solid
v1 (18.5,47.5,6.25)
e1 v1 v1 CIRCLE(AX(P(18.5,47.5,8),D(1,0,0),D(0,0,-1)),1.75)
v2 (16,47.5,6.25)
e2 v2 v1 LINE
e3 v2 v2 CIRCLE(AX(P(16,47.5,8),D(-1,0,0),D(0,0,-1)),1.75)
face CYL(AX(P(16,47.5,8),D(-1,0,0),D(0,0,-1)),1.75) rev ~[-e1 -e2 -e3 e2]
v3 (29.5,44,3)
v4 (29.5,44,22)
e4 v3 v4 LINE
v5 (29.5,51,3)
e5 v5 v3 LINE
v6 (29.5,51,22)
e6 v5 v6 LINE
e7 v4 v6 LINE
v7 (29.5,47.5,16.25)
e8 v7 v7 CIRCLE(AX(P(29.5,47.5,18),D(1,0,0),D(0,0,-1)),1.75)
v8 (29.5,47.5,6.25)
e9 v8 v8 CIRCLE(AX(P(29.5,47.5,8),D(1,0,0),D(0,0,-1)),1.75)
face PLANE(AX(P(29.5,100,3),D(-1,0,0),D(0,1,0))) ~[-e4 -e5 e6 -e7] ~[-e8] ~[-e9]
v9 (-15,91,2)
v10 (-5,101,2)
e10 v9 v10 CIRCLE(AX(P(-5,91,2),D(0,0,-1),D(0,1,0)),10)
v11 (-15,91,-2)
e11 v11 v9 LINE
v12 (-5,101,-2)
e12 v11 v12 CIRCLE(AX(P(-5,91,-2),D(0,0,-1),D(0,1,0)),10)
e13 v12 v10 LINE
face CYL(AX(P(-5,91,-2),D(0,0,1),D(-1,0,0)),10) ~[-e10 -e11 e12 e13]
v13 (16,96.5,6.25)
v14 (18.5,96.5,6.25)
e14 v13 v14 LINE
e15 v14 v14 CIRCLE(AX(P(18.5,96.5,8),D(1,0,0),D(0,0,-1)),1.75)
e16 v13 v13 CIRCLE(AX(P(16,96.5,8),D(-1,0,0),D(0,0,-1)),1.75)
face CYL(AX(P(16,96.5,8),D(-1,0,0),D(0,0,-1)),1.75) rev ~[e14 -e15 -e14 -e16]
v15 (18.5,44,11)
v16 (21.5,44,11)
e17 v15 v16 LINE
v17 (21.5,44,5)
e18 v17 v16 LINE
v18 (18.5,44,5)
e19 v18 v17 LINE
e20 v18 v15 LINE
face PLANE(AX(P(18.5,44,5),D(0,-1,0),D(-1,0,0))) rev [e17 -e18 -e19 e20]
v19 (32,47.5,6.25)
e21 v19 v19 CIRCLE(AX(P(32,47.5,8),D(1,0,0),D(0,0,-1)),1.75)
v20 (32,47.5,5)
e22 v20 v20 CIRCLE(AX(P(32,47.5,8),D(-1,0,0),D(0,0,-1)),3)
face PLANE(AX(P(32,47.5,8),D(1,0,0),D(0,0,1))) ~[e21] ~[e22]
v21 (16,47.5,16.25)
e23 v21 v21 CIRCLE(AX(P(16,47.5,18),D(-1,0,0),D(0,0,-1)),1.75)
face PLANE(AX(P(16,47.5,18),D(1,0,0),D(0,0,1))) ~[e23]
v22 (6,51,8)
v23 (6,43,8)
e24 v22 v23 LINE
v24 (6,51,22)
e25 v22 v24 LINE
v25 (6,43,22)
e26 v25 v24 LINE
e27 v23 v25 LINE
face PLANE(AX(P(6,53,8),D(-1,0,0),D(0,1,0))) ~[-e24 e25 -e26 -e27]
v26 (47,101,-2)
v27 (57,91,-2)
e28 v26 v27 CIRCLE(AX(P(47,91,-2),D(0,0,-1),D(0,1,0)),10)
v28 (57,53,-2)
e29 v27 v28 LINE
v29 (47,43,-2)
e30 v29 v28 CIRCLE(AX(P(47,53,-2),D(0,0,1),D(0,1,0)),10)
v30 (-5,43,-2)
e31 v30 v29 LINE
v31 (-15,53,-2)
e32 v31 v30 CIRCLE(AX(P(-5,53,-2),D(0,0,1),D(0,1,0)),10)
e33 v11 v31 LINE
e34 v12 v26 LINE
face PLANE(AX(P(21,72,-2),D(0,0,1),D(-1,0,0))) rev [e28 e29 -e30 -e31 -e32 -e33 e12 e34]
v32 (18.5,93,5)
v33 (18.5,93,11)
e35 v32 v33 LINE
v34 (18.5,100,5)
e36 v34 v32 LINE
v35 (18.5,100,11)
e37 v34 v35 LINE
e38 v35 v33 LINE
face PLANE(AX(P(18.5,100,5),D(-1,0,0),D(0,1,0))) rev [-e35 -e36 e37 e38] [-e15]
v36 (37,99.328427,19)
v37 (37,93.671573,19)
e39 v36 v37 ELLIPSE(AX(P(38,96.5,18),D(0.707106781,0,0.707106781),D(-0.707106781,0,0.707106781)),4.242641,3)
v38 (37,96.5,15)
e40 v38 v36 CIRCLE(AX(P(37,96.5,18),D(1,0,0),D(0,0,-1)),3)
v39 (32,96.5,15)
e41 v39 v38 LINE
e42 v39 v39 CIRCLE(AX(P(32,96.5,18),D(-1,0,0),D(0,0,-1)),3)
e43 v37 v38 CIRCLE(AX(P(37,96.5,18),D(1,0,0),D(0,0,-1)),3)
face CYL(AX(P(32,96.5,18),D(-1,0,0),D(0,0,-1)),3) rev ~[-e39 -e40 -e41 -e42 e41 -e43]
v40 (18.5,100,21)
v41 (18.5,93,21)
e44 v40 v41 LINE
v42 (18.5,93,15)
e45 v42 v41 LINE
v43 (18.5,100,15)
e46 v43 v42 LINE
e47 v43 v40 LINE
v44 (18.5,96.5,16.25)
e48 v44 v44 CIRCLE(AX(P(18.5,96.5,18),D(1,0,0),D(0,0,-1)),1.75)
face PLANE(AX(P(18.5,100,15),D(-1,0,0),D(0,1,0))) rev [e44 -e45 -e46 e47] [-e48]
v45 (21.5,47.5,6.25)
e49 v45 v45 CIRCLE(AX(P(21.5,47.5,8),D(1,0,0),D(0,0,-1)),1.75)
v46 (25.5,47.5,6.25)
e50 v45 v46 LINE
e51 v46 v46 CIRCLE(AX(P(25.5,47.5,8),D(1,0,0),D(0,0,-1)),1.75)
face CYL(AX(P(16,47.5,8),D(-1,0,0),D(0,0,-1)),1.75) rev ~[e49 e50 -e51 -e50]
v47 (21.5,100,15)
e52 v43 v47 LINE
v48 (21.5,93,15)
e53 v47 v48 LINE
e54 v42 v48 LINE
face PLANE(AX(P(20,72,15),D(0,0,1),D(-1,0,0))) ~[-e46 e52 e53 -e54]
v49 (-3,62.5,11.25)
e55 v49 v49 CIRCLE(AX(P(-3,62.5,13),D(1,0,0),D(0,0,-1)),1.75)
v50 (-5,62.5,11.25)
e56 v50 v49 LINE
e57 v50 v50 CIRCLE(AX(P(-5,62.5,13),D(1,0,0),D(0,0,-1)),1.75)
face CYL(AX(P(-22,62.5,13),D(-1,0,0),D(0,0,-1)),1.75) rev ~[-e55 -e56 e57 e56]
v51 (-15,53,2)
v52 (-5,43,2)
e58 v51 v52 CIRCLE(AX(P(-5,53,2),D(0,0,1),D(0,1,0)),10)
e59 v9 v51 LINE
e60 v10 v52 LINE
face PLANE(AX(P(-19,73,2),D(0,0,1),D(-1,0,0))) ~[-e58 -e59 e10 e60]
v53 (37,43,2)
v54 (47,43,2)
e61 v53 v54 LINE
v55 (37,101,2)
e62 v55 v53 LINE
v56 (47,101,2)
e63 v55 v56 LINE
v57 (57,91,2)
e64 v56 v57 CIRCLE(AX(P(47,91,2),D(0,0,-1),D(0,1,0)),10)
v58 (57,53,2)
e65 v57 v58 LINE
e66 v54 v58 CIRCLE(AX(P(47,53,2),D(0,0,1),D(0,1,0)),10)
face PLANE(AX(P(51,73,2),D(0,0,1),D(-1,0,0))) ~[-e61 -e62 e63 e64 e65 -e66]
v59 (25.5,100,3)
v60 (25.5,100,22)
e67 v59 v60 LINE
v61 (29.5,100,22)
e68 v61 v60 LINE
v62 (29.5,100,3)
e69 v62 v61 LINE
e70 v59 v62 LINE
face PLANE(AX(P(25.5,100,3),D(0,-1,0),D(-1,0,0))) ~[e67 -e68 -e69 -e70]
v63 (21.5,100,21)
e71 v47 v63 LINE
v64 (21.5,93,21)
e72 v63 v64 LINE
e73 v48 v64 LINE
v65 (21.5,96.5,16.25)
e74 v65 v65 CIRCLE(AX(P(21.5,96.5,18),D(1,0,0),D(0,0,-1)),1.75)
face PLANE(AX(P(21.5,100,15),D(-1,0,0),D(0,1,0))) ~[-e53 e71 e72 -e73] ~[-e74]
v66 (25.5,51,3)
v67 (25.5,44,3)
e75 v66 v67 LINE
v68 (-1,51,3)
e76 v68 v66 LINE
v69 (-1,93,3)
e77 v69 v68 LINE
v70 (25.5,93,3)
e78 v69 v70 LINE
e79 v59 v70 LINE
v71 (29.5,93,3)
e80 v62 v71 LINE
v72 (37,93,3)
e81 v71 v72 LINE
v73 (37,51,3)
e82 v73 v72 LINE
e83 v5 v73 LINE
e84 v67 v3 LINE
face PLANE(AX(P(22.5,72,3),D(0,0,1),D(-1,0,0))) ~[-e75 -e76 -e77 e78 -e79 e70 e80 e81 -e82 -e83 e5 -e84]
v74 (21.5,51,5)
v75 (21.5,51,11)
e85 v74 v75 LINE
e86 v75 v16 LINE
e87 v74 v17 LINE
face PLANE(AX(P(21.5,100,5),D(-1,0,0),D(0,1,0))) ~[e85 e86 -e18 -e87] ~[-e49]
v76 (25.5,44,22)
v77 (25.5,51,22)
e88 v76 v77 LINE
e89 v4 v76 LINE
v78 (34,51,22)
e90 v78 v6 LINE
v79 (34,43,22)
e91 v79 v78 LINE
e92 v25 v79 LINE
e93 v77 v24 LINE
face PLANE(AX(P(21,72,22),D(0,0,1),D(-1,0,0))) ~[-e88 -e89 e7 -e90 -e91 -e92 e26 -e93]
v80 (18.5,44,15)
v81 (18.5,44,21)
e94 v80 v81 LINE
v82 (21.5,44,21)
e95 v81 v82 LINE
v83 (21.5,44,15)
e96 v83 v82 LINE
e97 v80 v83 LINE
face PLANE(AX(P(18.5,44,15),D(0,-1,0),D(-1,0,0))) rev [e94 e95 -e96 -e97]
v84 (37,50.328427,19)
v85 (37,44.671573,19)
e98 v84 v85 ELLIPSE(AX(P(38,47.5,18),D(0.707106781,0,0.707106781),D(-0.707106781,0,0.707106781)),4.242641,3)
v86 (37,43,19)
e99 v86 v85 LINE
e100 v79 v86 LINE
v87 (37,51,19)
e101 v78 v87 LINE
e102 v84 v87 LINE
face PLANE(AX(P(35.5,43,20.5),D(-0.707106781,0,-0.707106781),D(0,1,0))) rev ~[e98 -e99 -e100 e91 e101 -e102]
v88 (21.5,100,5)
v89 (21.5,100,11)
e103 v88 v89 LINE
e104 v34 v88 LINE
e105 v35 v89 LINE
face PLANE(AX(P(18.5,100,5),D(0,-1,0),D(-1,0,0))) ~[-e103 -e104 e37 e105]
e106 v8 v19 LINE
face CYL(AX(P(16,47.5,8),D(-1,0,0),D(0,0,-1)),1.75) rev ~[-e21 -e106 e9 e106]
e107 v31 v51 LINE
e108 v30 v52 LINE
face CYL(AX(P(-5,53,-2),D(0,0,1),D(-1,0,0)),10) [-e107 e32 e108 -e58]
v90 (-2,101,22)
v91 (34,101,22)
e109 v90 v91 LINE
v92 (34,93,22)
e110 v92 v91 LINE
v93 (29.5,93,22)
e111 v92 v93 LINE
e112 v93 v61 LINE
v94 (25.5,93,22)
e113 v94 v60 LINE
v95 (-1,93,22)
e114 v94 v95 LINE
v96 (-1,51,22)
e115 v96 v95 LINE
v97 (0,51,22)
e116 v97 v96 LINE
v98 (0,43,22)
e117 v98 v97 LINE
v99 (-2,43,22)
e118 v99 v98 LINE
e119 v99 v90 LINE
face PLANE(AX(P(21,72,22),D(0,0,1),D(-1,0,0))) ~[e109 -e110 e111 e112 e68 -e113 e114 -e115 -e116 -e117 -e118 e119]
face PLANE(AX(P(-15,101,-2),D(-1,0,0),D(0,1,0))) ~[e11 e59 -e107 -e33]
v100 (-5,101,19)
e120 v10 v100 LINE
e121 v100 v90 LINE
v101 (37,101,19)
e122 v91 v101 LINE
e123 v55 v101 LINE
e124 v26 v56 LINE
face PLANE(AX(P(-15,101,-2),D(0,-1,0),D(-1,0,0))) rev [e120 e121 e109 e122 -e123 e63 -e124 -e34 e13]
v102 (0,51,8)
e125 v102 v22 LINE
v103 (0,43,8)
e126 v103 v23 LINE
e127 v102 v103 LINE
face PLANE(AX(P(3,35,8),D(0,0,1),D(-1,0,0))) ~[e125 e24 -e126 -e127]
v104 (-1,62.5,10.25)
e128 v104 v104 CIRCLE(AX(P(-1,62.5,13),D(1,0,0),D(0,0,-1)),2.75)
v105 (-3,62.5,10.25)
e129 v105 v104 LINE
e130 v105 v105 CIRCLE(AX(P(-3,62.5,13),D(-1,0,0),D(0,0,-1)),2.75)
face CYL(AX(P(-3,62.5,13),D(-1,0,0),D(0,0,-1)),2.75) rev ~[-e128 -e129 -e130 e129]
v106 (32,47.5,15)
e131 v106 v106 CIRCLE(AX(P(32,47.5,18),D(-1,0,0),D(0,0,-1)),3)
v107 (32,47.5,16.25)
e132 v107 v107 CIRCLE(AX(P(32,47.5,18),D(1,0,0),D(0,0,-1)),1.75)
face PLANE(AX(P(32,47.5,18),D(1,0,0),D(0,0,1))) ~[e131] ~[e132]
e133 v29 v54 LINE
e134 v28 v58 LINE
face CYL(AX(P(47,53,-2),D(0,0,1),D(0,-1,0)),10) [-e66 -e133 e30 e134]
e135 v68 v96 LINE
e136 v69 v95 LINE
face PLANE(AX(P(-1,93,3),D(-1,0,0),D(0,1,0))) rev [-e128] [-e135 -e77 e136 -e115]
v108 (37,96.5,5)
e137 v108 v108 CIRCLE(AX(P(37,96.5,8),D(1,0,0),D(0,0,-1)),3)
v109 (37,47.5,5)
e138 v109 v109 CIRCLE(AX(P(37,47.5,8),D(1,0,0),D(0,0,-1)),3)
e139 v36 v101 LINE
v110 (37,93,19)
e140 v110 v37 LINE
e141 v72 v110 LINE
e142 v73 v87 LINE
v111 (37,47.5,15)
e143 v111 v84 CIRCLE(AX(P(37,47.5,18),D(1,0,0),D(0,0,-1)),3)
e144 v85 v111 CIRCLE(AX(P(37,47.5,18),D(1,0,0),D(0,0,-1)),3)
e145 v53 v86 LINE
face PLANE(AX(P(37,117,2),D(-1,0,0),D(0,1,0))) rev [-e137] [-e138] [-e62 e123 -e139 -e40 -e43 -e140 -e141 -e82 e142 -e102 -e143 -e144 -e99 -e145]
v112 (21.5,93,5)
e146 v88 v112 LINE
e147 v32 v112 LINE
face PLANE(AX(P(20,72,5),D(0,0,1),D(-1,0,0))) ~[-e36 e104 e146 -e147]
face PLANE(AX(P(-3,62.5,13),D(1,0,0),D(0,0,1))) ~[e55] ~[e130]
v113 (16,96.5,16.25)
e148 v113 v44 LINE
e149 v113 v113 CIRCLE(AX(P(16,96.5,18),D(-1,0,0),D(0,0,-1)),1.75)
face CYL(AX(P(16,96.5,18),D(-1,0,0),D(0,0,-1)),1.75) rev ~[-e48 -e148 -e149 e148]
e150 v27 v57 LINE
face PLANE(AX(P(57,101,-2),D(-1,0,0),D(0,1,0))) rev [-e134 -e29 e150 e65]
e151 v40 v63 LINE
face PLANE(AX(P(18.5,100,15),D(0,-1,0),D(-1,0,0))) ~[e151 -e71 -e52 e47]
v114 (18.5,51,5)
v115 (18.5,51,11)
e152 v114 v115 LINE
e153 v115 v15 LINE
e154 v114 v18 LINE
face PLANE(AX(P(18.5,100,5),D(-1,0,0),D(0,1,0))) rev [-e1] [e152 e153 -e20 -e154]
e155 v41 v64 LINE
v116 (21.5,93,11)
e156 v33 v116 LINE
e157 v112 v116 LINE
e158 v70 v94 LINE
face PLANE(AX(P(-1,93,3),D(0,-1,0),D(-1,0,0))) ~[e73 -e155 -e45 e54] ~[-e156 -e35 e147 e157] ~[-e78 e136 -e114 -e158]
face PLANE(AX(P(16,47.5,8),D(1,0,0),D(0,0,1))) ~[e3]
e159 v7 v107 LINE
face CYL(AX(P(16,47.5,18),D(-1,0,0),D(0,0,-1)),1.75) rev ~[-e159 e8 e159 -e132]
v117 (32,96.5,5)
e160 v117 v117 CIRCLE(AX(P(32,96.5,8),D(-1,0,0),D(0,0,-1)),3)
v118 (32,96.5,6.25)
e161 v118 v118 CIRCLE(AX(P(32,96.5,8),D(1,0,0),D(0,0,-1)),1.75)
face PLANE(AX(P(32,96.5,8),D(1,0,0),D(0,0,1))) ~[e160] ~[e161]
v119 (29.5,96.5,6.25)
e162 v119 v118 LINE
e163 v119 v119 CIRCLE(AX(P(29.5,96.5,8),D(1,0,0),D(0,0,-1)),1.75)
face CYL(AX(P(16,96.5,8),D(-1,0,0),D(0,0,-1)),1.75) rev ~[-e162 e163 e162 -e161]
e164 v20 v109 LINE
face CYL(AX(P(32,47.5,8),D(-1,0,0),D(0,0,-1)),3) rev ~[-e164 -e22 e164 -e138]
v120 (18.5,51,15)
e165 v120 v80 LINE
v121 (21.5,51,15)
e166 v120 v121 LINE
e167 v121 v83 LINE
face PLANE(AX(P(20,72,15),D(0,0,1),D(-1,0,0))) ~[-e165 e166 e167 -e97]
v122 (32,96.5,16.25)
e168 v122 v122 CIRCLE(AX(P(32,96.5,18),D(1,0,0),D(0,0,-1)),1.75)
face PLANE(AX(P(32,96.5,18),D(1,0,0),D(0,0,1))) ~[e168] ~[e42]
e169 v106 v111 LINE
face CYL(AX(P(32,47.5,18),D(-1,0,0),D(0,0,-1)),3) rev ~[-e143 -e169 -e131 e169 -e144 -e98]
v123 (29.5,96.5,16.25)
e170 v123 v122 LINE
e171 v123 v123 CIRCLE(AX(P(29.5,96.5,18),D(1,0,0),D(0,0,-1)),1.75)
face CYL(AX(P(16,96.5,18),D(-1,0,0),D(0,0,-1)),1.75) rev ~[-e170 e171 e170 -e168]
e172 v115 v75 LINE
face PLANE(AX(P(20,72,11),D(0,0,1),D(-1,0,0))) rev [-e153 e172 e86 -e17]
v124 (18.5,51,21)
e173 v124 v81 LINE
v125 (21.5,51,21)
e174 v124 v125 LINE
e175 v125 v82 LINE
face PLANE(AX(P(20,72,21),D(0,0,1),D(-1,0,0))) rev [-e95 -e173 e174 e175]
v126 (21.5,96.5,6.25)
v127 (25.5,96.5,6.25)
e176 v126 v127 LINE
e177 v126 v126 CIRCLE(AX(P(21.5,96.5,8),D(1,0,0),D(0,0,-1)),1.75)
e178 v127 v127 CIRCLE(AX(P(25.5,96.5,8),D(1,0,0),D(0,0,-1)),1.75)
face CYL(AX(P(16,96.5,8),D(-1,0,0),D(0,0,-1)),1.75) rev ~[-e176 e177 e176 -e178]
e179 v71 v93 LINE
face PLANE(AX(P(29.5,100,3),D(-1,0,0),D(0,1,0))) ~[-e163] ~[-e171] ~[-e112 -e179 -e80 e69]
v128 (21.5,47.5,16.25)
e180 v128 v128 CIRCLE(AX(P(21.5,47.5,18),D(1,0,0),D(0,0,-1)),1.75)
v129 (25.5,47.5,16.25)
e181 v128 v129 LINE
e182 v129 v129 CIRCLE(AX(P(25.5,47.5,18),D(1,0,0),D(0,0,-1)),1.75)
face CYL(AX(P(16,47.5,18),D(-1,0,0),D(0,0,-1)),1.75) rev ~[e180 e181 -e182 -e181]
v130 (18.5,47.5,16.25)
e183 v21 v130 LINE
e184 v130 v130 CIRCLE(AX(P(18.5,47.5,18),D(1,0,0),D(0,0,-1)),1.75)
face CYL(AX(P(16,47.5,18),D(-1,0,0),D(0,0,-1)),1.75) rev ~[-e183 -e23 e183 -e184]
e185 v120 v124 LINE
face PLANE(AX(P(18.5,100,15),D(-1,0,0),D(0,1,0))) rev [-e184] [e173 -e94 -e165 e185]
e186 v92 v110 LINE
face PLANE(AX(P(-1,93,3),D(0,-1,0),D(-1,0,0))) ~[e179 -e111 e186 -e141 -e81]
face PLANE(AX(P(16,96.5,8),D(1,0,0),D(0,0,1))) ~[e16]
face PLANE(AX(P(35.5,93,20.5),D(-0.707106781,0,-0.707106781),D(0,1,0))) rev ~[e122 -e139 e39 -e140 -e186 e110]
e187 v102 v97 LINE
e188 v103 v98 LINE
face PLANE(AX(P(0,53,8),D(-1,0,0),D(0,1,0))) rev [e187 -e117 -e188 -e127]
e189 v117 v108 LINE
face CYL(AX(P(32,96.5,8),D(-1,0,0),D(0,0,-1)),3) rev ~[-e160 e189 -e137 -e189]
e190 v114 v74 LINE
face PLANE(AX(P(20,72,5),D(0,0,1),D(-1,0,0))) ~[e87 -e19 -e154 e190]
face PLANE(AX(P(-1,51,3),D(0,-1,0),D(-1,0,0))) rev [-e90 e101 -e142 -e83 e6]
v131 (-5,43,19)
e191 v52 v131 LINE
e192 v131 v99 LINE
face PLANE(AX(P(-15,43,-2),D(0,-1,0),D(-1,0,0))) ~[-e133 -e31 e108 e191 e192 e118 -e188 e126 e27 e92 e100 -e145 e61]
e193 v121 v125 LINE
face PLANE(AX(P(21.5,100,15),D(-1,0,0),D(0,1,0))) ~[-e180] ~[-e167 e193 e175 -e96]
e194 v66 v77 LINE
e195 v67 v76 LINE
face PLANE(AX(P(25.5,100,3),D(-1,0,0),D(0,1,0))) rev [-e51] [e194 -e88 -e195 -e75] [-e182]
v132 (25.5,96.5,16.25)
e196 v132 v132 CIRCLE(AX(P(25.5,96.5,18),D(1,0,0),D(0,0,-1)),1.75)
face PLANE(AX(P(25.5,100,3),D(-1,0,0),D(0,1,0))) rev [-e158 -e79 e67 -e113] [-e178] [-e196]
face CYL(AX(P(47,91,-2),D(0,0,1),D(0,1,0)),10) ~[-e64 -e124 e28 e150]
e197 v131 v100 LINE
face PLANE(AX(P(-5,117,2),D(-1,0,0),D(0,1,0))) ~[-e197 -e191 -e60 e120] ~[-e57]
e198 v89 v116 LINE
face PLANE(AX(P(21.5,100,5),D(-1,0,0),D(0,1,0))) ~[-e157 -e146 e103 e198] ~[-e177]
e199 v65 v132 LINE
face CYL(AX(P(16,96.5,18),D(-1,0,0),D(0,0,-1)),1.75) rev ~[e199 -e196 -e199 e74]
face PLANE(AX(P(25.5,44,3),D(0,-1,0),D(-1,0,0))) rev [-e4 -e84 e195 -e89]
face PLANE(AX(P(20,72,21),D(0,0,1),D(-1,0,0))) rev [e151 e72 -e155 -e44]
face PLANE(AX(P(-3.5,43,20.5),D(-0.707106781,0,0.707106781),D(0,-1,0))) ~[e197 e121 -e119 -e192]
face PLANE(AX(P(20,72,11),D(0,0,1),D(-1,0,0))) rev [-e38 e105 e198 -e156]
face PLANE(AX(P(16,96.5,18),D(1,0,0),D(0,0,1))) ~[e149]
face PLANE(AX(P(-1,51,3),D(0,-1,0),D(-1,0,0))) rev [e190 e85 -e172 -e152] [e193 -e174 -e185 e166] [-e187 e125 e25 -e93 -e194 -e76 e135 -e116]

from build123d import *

# Parameters (mm, degrees)
BOX024_W                = 6
BOX024_H                = 36
BOX024_DEPTH            = 23
CYLINDER011_R           = 2.75
CYLINDER011_DEPTH       = 74.5
CYLINDER011_PITCH_ANGLE = 90
CYLINDER008_R           = 1.75
CYLINDER008_DEPTH       = 21.5
CYLINDER008_PITCH_ANGLE = 90
CYLINDER009_R           = 3
CYLINDER009_DEPTH       = 21.5
CYLINDER009_PITCH_ANGLE = 90
BOX007_W                = 3
BOX007_H                = 56
BOX007_DEPTH            = 6
BOX008_W                = 3
BOX008_H                = 56
BOX008_DEPTH            = 6
BOX006_W                = 4
BOX006_H                = 56
BOX006_DEPTH            = 21
CYLINDER003_R           = 1.75
CYLINDER003_DEPTH       = 74.5
CYLINDER003_PITCH_ANGLE = 90
BOX003_W                = 28
BOX003_H                = 88
BOX003_DEPTH            = 38
BOX002_W                = 28
BOX002_H                = 88
BOX002_DEPTH            = 38
BOX001_W                = 47
BOX001_H                = 42
BOX001_DEPTH            = 25
BOX_W                   = 72
BOX_H                   = 58
BOX_DEPTH               = 24
FILLET_R                = 10
CHAMFER_SIZE            = 3


with BuildPart() as cube024:
    # Box024 → Box024 (new body)
    with BuildSketch(Plane(origin=(0, 19, 7), x_dir=(1, 0, 0), z_dir=(0, 0, 1))):
        with Locations((3, 18)):
            Rectangle(BOX024_W, BOX024_H)
    extrude(amount=BOX024_DEPTH)


with BuildPart() as joint_d013:
    # Cylinder011 → Cylinder011 (new body)
    with BuildSketch(Plane.XY):
        Circle(CYLINDER011_R)
    extrude(amount=CYLINDER011_DEPTH)


with BuildPart() as joint_d013_1:
    # Cylinder011 pitch: moved
    add(joint_d013.part.rotate(Axis((0, 0, 0), (0, 1, 0)), CYLINDER011_PITCH_ANGLE))


with BuildPart() as joint_d013_2:
    # Cylinder011 placement: moved
    add(joint_d013_1.part.moved(Location((-3, 9.5, 12))))


with BuildPart() as joint_d010:
    # Cylinder008 → Cylinder008 (new body)
    with BuildSketch(Plane.XY):
        Circle(CYLINDER008_R)
    extrude(amount=CYLINDER008_DEPTH)


with BuildPart() as joint_d010_1:
    # Cylinder008 pitch: moved
    add(joint_d010.part.rotate(Axis((0, 0, 0), (0, 1, 0)), CYLINDER008_PITCH_ANGLE))


with BuildPart() as joint_d010_2:
    # Cylinder008 placement: moved
    add(joint_d010_1.part.moved(Location((16, -24.5, 7))))


with BuildPart() as joint_d011:
    # Cylinder009 → Cylinder009 (new body)
    with BuildSketch(Plane.XY):
        Circle(CYLINDER009_R)
    extrude(amount=CYLINDER009_DEPTH)


with BuildPart() as joint_d011_1:
    # Cylinder009 pitch: moved
    add(joint_d011.part.rotate(Axis((0, 0, 0), (0, 1, 0)), CYLINDER009_PITCH_ANGLE))


with BuildPart() as joint_d011_2:
    # Cylinder009 placement: moved
    add(joint_d011_1.part.moved(Location((32, -24.5, 7))))


with BuildPart() as fusion001:
    # Fusion001 base: copy of Joint-D011
    add(joint_d011_2.part)

    # Fusion001: union Joint-D010
    add(joint_d010_2.part)


with BuildPart() as fusion002:
    # Fusion002 base: copy of Joint-D011
    add(joint_d011_2.part)

    # Fusion002: union Joint-D010
    add(joint_d010_2.part)


with BuildPart() as fusion002_1:
    # Fusion002 placement: moved
    add(fusion002.part.moved(Location((0, 0, 10))))


with BuildPart() as fusion003:
    # Fusion003 base: copy of Joint-D011
    add(joint_d011_2.part)

    # Fusion003: union Joint-D010
    add(joint_d010_2.part)


with BuildPart() as fusion003_1:
    # Fusion003 placement: moved
    add(fusion003.part.moved(Location((0, 49, 0))))


with BuildPart() as fusion004:
    # Fusion004 base: copy of Joint-D011
    add(joint_d011_2.part)

    # Fusion004: union Joint-D010
    add(joint_d010_2.part)


with BuildPart() as fusion004_1:
    # Fusion004 placement: moved
    add(fusion004.part.moved(Location((0, 49, 10))))


with BuildPart() as cube007:
    # Box007 → Box007 (new body)
    with BuildSketch(Plane(origin=(18.5, -28, 4), x_dir=(1, 0, 0), z_dir=(0, 0, 1))):
        with Locations((1.5, 28)):
            Rectangle(BOX007_W, BOX007_H)
    extrude(amount=BOX007_DEPTH)


with BuildPart() as cube008:
    # Box008 → Box008 (new body)
    with BuildSketch(Plane(origin=(18.5, -28, 14), x_dir=(1, 0, 0), z_dir=(0, 0, 1))):
        with Locations((1.5, 28)):
            Rectangle(BOX008_W, BOX008_H)
    extrude(amount=BOX008_DEPTH)


with BuildPart() as cube006:
    # Box006 → Box006 (new body)
    with BuildSketch(Plane(origin=(25.5, -28, 2), x_dir=(1, 0, 0), z_dir=(0, 0, 1))):
        with Locations((2, 28)):
            Rectangle(BOX006_W, BOX006_H)
    extrude(amount=BOX006_DEPTH)


with BuildPart() as joint_d005:
    # Cylinder003 → Cylinder003 (new body)
    with BuildSketch(Plane.XY):
        Circle(CYLINDER003_R)
    extrude(amount=CYLINDER003_DEPTH)


with BuildPart() as joint_d005_1:
    # Cylinder003 pitch: moved
    add(joint_d005.part.rotate(Axis((0, 0, 0), (0, 1, 0)), CYLINDER003_PITCH_ANGLE))


with BuildPart() as joint_d005_2:
    # Cylinder003 placement: moved
    add(joint_d005_1.part.moved(Location((-22, 9.5, 12))))


with BuildPart() as cube003:
    # Box003 → Box003 (new body)
    with BuildSketch(Plane(origin=(-33, -45, 1), x_dir=(1, 0, 0), z_dir=(0, 0, 1))):
        with Locations((14, 44)):
            Rectangle(BOX003_W, BOX003_H)
    extrude(amount=BOX003_DEPTH)


with BuildPart() as cube002:
    # Box002 → Box002 (new body)
    with BuildSketch(Plane(origin=(37, -45, 1), x_dir=(1, 0, 0), z_dir=(0, 0, 1))):
        with Locations((14, 44)):
            Rectangle(BOX002_W, BOX002_H)
    extrude(amount=BOX002_DEPTH)


with BuildPart() as cube001:
    # Box001 → Box001 (new body)
    with BuildSketch(Plane(origin=(-1, -21, 2), x_dir=(1, 0, 0), z_dir=(0, 0, 1))):
        with Locations((23.5, 21)):
            Rectangle(BOX001_W, BOX001_H)
    extrude(amount=BOX001_DEPTH)


with BuildPart() as pie_d:
    # Box → Box (new body)
    with BuildSketch(Plane(origin=(-15, -29, -3), x_dir=(1, 0, 0), z_dir=(0, 0, 1))):
        with Locations((36, 29)):
            Rectangle(BOX_W, BOX_H)
    extrude(amount=BOX_DEPTH)

    # Cut: cut Cube001
    add(cube001.part, mode=Mode.SUBTRACT)

    # Cut001: cut Cube002
    add(cube002.part, mode=Mode.SUBTRACT)

    # Cut002: cut Cube003
    add(cube003.part, mode=Mode.SUBTRACT)

    # Fillet
    fillet_edges = [pie_d.edges().sort_by_distance(p)[0] for p in [
        (-15, -29, -1),
        (-15, 29, -1),
        (57, -29, -1),
        (57, 29, -1),
    ]]
    fillet(fillet_edges, radius=FILLET_R)

    # Chamfer
    chamfer_edges = [pie_d.edges().sort_by_distance(p)[0] for p in [
        (-5, 0, 21),
        (37, 25, 21),
        (37, -25, 21),
    ]]
    chamfer(chamfer_edges, length=CHAMFER_SIZE)

    # Cut008: cut Joint-D005
    add(joint_d005_2.part, mode=Mode.SUBTRACT)

    # Cut010: cut Cube006
    add(cube006.part, mode=Mode.SUBTRACT)

    # Cut011: cut Cube008
    add(cube008.part, mode=Mode.SUBTRACT)

    # Cut012: cut Cube007
    add(cube007.part, mode=Mode.SUBTRACT)

    # Cut013: cut Fusion004
    add(fusion004_1.part, mode=Mode.SUBTRACT)

    # Cut014: cut Fusion003
    add(fusion003_1.part, mode=Mode.SUBTRACT)

    # Cut015: cut Fusion002
    add(fusion002_1.part, mode=Mode.SUBTRACT)

    # Cut016: cut Fusion001
    add(fusion001.part, mode=Mode.SUBTRACT)

    # Cut017: cut Joint-D013
    add(joint_d013_2.part, mode=Mode.SUBTRACT)

    # Cut039: cut Cube024
    add(cube024.part, mode=Mode.SUBTRACT)


with BuildPart() as pie_d_1:
    # Cut039 placement: moved
    add(pie_d.part.moved(Location((0, 0, 1))))


with BuildPart() as pie_i:
    # Part__Mirroring006: instance of pie-D
    add(pie_d_1.part.mirror(Plane(origin=(0, 0, 0), x_dir=(1, 0, 0), z_dir=(0, 1, 0))))


with BuildPart() as pie_i_1:
    # Part__Mirroring006 placement: moved
    add(pie_i.part.moved(Location((0, 72, 0))))


solid = pie_i_1.part
